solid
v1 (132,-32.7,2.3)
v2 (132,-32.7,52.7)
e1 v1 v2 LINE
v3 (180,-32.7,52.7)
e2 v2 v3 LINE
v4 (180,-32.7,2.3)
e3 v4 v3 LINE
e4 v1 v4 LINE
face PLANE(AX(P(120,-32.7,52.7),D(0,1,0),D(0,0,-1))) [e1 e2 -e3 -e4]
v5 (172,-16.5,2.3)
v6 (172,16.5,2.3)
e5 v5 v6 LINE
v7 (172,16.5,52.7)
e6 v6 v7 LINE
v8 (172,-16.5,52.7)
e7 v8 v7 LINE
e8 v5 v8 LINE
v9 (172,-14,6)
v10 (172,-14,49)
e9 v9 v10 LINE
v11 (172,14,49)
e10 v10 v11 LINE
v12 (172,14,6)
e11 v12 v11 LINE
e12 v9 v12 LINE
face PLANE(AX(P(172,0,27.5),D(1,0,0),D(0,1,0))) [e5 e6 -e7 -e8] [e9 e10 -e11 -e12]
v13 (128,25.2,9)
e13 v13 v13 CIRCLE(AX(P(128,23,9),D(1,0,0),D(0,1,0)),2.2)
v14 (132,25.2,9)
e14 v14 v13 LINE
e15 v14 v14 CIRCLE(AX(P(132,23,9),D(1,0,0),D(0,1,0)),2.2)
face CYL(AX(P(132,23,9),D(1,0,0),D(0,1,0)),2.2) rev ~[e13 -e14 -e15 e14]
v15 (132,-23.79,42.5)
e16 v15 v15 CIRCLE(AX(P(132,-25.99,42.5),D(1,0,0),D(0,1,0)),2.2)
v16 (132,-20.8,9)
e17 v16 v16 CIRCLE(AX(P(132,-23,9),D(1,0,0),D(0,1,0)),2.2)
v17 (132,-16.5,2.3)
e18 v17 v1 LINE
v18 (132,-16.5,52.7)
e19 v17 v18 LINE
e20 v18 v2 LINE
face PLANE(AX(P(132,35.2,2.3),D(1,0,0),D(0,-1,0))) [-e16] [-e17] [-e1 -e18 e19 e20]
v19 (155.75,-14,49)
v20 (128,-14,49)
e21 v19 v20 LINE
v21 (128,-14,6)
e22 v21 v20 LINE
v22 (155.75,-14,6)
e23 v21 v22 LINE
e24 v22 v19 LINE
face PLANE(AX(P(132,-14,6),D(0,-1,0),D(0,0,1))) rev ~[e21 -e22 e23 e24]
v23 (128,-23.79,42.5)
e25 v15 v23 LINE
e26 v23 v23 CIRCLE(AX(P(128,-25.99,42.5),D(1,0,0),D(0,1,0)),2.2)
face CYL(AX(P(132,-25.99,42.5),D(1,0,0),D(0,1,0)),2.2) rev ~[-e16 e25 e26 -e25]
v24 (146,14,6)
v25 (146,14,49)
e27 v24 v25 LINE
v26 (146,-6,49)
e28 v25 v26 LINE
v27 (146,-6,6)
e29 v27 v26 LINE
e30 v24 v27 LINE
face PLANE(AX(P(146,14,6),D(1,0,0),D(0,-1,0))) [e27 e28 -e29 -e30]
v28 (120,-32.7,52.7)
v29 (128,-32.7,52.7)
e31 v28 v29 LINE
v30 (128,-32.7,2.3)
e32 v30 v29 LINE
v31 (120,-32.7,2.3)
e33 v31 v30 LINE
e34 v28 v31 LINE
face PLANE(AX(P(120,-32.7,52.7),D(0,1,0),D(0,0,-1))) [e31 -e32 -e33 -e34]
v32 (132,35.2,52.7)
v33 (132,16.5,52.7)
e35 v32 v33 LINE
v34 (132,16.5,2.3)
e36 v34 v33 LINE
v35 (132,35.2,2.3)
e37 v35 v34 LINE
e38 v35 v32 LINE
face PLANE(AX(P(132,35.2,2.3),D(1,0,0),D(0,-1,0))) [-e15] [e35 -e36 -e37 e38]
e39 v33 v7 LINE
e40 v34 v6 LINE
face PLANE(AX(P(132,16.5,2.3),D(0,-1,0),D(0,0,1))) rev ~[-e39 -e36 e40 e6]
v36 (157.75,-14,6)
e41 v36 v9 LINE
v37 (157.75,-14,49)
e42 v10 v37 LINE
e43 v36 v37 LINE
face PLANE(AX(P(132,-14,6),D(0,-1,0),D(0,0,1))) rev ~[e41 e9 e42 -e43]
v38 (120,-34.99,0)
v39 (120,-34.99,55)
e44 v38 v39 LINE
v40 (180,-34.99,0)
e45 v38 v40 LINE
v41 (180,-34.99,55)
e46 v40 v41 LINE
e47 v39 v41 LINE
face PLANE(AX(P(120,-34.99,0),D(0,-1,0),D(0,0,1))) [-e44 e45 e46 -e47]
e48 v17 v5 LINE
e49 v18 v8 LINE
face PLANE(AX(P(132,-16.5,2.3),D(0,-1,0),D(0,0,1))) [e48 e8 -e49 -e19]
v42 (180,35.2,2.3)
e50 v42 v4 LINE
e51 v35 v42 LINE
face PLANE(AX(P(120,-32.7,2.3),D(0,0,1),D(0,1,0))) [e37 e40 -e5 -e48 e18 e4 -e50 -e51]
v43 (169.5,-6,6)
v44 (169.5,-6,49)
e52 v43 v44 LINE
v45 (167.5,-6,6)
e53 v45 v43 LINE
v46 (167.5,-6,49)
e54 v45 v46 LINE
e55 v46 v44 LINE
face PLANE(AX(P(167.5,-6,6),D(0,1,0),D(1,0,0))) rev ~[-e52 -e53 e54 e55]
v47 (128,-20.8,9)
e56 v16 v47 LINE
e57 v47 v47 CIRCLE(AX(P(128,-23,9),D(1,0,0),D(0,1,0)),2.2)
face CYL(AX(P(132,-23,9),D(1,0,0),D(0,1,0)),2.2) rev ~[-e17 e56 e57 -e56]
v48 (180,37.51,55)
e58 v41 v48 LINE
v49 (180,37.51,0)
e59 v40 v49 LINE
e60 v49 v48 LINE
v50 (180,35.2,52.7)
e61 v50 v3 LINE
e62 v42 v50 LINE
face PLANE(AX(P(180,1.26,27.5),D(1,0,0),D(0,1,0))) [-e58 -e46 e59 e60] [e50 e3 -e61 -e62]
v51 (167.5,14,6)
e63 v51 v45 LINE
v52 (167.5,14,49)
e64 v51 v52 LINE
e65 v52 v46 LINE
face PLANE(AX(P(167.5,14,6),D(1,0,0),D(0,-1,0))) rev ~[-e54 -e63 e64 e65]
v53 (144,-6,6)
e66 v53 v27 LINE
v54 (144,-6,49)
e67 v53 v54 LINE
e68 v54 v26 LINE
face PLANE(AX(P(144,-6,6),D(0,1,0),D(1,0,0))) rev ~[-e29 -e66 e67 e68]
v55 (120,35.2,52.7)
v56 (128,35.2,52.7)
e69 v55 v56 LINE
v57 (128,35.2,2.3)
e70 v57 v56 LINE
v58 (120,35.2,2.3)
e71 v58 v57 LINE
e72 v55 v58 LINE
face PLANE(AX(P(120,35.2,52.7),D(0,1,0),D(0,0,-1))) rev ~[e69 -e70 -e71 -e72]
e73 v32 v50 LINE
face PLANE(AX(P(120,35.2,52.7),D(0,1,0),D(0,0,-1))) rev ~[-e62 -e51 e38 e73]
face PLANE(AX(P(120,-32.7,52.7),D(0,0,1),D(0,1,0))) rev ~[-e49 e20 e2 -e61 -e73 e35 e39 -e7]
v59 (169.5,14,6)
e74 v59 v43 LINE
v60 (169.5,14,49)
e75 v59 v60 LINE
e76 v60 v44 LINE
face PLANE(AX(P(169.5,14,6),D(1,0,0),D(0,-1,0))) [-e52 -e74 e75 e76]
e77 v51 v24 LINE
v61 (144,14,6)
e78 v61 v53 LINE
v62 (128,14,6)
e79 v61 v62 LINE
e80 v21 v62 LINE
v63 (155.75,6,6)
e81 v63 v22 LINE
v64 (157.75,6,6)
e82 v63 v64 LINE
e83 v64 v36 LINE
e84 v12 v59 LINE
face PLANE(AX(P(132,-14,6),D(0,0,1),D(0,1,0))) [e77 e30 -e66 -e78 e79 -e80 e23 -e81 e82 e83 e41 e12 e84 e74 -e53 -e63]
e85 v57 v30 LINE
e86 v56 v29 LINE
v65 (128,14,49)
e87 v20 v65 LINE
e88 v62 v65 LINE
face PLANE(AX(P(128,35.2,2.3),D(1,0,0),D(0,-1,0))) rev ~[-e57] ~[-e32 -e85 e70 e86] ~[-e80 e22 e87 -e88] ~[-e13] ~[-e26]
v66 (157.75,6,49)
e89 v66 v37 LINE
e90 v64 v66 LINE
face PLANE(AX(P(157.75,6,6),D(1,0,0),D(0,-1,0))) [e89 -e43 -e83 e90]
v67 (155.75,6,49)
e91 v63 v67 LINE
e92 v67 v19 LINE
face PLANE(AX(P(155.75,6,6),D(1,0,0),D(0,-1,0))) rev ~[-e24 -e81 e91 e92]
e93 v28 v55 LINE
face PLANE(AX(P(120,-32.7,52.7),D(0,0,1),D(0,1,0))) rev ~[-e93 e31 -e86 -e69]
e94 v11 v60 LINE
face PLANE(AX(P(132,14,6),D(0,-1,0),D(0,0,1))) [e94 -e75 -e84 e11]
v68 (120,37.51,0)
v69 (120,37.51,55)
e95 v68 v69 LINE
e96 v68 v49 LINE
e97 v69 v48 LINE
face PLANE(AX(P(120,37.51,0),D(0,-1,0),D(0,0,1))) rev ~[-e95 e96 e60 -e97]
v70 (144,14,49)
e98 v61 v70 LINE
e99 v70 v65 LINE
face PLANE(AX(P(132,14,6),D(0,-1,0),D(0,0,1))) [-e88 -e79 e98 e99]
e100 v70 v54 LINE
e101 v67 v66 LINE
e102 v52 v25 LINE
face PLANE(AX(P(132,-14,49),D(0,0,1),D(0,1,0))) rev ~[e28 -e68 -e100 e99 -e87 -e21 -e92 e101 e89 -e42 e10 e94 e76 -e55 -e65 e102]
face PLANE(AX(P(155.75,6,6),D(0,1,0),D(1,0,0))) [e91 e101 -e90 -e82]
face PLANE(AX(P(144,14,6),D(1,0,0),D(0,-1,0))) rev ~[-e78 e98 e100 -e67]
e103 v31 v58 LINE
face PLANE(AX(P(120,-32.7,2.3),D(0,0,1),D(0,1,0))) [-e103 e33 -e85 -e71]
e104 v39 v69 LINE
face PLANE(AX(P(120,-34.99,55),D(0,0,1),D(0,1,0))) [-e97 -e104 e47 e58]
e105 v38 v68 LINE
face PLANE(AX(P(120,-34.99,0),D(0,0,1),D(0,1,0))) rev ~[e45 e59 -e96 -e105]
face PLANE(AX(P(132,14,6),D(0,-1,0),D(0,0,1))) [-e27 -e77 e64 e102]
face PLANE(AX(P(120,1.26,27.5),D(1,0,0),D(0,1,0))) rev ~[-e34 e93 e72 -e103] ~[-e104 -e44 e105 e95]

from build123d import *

# Parameters (mm, degrees)
SKETCH037_W     = 72.5
SKETCH037_H     = 55
PAD018_DEPTH    = 60
SKETCH038_W     = 67.9
SKETCH038_H     = 50.4
POCKET013_DEPTH = 60.001
SKETCH039_W     = 67.9
SKETCH039_H     = 4
PAD019_DEPTH    = 50.4
SKETCH040_R     = 2.2
HOLE006_DEPTH   = 25
SKETCH041_W     = 28
SKETCH041_H     = 43
POCKET014_DEPTH = 4
SKETCH042_W     = 33
SKETCH042_H     = 50.4
SKETCH042_W_2   = 28
SKETCH042_H_2   = 43
PAD020_DEPTH    = 40
SKETCH043_W     = 20
SKETCH043_H     = 2
PAD021_DEPTH    = 43


with BuildPart() as part:
    # Sketch037 → Pad018 (new body)
    with BuildSketch(Plane.YZ.offset(120)):
        with Locations((1.26, 27.5)):
            Rectangle(SKETCH037_W, SKETCH037_H)
    extrude(amount=PAD018_DEPTH)

    # Sketch038 (on Face5 of Pad018) → Pocket013 (cut, through all)
    with BuildSketch(Plane(origin=(120, 0, 0), x_dir=(0, 1, 0), z_dir=(-1, 0, 0))):
        with Locations((1.25, -27.5)):
            Rectangle(SKETCH038_W, SKETCH038_H)
    extrude(amount=-POCKET013_DEPTH, mode=Mode.SUBTRACT)

    # Sketch039 (on Face8 of Pocket013) → Pad019 (join)
    with BuildSketch(Plane(origin=(0, 0, 2.3), x_dir=(0, -1, 0), z_dir=(0, 0, 1))):
        with Locations((-1.25, 130)):
            Rectangle(SKETCH039_W, SKETCH039_H)
    extrude(amount=PAD019_DEPTH)

    # Sketch040 (on Face16 of Pad019) → Hole006 (cut)
    with BuildSketch(Plane.YZ.offset(132)):
        with Locations((-25.99, 42.5)):
            Circle(SKETCH040_R)
        with Locations((-23, 9)):
            Circle(SKETCH040_R)
        with Locations((23, 9)):
            Circle(SKETCH040_R)
    extrude(amount=-HOLE006_DEPTH, mode=Mode.SUBTRACT)

    # Sketch041 (on Face16 of Hole006) → Pocket014 (cut)
    with BuildSketch(Plane.YZ.offset(132)):
        with Locations((0, 27.5)):
            Rectangle(SKETCH041_W, SKETCH041_H)
    extrude(amount=-POCKET014_DEPTH, mode=Mode.SUBTRACT)

    # Sketch042 (on Face16 of Pocket014) → Pad020 (join)
    with BuildSketch(Plane.YZ.offset(132)):
        with Locations((0, 27.5)):
            Rectangle(SKETCH042_W, SKETCH042_H)
        with Locations((0, 27.5)):
            Rectangle(SKETCH042_W_2, SKETCH042_H_2, mode=Mode.SUBTRACT)
    extrude(amount=PAD020_DEPTH)

    # Sketch043 (on Face29 of Pad020) → Pad021 (join)
    with BuildSketch(Plane(origin=(0, 0, 6), x_dir=(0, -1, 0), z_dir=(0, 0, 1))):
        with Locations((-4, 168.5)):
            Rectangle(SKETCH043_W, SKETCH043_H)
        with Locations((4, 156.75)):
            Rectangle(SKETCH043_W, SKETCH043_H)
        with Locations((-4, 145)):
            Rectangle(SKETCH043_W, SKETCH043_H)
    extrude(amount=PAD021_DEPTH)


solid = part.part
